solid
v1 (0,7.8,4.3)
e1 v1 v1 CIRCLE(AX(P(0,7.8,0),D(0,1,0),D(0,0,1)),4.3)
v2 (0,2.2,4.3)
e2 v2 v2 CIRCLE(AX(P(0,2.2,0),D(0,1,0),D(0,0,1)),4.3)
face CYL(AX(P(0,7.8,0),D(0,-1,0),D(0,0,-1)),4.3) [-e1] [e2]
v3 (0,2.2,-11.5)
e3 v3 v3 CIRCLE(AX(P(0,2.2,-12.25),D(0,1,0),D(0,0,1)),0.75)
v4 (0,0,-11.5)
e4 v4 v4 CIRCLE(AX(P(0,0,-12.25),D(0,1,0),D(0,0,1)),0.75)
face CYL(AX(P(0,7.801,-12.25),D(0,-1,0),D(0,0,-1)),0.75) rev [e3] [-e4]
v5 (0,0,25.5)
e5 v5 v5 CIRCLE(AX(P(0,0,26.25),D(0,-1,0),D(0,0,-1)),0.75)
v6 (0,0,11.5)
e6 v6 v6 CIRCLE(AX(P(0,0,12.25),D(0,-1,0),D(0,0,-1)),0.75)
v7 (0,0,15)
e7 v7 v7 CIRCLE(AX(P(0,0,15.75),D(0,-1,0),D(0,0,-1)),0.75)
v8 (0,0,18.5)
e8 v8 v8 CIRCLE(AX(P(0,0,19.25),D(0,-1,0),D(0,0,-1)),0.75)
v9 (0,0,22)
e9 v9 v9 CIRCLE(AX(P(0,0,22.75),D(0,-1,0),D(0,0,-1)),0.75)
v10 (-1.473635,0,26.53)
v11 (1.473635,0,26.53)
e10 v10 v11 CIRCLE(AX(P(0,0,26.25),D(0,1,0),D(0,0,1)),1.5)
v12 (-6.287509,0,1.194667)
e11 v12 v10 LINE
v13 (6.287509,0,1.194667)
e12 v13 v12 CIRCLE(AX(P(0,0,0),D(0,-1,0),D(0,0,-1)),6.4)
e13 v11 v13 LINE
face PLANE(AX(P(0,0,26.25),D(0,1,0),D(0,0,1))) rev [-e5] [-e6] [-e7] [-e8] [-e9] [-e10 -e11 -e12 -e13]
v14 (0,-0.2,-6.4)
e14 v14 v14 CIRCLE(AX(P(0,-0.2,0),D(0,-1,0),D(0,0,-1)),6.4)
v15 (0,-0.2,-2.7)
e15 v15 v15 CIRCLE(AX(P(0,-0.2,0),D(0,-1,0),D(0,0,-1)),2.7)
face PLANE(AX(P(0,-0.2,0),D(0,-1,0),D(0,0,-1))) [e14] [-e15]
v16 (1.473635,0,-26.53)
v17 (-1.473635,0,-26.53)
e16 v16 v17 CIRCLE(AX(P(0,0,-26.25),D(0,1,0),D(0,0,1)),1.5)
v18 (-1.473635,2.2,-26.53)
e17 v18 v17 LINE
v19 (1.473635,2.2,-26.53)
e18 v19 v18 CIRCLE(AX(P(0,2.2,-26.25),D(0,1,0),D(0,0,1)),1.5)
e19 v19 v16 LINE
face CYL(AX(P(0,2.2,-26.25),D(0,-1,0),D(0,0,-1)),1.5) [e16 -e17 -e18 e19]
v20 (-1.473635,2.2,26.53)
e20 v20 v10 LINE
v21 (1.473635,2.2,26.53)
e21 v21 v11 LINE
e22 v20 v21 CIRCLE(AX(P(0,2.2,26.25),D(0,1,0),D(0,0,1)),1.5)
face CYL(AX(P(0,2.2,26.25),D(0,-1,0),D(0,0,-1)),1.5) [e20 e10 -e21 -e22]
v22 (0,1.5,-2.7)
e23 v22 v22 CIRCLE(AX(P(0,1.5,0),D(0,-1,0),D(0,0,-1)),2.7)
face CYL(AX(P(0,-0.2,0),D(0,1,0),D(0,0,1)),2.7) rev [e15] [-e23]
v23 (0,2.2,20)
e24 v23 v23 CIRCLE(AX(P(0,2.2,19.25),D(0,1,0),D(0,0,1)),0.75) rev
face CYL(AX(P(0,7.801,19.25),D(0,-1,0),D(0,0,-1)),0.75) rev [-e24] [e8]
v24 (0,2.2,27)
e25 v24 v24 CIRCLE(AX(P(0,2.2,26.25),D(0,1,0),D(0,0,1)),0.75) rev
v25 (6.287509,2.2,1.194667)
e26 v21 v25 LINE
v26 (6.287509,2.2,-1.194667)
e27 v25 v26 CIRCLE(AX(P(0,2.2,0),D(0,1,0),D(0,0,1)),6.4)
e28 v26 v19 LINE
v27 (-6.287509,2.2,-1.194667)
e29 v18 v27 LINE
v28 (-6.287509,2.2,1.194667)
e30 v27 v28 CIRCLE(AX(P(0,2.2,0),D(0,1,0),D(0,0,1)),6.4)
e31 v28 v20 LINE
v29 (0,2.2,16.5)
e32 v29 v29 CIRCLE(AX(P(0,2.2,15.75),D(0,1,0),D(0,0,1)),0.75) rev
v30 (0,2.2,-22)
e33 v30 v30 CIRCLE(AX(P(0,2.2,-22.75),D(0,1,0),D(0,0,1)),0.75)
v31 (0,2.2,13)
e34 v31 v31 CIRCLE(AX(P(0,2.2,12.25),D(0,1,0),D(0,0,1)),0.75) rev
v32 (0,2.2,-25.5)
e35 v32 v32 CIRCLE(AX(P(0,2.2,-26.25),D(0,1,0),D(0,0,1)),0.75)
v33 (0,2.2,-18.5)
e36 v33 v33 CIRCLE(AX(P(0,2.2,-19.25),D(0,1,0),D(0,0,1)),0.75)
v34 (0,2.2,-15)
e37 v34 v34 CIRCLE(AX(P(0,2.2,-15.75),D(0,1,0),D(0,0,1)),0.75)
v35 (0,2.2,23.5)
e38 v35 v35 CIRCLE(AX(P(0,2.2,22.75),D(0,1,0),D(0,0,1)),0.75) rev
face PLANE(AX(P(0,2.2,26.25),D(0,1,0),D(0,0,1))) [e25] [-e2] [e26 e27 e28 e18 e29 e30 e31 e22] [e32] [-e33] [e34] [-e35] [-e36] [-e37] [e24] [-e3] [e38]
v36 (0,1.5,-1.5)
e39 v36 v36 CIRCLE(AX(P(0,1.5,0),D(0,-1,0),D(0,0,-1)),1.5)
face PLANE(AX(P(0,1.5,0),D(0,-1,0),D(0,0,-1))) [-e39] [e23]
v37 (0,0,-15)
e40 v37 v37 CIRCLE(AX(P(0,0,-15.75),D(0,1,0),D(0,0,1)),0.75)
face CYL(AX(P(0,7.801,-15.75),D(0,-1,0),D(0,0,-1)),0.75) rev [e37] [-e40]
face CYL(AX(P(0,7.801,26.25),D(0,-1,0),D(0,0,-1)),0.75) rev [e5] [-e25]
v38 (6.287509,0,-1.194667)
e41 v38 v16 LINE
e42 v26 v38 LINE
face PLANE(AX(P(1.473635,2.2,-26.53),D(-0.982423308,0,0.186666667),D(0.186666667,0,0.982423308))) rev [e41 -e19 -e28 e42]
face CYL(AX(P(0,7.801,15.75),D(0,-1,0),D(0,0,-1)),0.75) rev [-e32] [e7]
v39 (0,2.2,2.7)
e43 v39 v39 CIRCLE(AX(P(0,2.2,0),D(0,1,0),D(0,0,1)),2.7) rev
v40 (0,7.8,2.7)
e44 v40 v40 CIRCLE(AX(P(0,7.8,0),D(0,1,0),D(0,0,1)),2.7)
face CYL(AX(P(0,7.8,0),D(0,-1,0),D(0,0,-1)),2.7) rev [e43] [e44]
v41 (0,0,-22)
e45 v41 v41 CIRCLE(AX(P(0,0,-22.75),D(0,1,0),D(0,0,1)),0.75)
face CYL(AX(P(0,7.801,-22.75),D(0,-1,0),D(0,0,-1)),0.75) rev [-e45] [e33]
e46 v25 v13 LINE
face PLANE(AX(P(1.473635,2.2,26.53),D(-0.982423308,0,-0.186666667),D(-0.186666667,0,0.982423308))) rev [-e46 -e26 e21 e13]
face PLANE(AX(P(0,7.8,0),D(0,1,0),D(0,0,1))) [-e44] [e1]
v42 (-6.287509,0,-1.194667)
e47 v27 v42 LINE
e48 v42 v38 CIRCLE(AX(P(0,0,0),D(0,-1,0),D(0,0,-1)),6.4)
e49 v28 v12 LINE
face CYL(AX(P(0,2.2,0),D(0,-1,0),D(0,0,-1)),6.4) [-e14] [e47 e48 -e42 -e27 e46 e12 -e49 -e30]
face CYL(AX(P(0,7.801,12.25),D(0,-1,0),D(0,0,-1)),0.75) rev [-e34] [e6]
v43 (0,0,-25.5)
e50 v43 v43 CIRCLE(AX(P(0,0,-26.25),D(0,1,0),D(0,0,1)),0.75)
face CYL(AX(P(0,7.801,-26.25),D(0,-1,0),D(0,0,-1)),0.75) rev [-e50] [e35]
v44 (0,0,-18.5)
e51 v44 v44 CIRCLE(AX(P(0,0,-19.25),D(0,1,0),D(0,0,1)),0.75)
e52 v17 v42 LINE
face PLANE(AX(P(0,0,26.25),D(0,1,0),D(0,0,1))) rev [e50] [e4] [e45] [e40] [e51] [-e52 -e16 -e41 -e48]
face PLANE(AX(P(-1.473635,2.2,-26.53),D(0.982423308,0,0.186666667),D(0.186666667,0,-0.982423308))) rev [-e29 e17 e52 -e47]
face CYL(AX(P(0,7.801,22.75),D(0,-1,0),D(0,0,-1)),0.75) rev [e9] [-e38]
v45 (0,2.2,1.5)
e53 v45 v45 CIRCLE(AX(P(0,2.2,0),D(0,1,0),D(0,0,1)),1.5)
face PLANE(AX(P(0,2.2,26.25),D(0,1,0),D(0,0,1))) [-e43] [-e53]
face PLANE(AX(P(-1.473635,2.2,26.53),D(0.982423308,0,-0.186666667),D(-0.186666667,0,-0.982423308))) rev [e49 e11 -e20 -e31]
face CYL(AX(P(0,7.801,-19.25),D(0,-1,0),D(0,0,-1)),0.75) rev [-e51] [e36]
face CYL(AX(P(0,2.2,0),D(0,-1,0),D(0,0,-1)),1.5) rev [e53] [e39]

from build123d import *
from build123d.topology import SkipClean

# Parameters (mm, degrees)
SKETCH1_R               = 1.5
BOSS_EXTRUDE1_DEPTH     = 2.2
SKETCH3_R               = 4.3
SKETCH3_R_2             = 2.7
BOSS_EXTRUDE2_DEPTH     = 5.6
BOSS_EXTRUDE3_START     = 0.2
SKETCH4_R               = 6.4
SKETCH4_R_2             = 2.7
BOSS_EXTRUDE3_DEPTH     = 0.2
SKETCH7_R               = 2.7
CUT_EXTRUDE1_DEPTH      = 1.5
CUT_EXTRUDE2_REACH      = 31.527
SKETCH8_R               = 0.75
LPATTERN1_COUNT         = 5
LPATTERN1_PITCH         = 3.5
MIRROR1_COPY_1_REACH    = 31.527
MIRROR1_COPY_1_SKETCH_R = 0.75
MIRROR1_COPY_2_REACH    = 31.527
MIRROR1_COPY_2_SKETCH_R = 0.75
MIRROR1_COPY_3_REACH    = 31.527
MIRROR1_COPY_3_SKETCH_R = 0.75
MIRROR1_COPY_4_REACH    = 31.527
MIRROR1_COPY_4_SKETCH_R = 0.75


with BuildPart() as part:
    # Sketch1 → Boss-Extrude1 (new body)
    with BuildSketch(Plane(origin=(0, 0, 0), x_dir=(1, 0, 0), z_dir=(0, 1, 0))):
        with BuildLine():
            Line((-1.473634962, 26.53), (-6.287509169, 1.194666667))
            ThreePointArc((-6.287509169, 1.194666667), (-6.4, 0), (-6.287509169, -1.194666667))
            Line((-6.287509169, -1.194666667), (-1.473634962, -26.53))
            ThreePointArc((-1.473634962, -26.53), (0, -27.75), (1.473634962, -26.53))
            Line((1.473634962, -26.53), (6.287509169, -1.194666667))
            ThreePointArc((6.287509169, -1.194666667), (6.4, 0), (6.287509169, 1.194666667))
            Line((6.287509169, 1.194666667), (1.473634962, 26.53))
            ThreePointArc((1.473634962, 26.53), (0, 27.75), (-1.473634962, 26.53))
        make_face()
        with Locations(Location((0, 0, 0), (0, 0, 270))):
            Circle(SKETCH1_R, mode=Mode.SUBTRACT)
    extrude(amount=BOSS_EXTRUDE1_DEPTH)

    # Sketch3 → Boss-Extrude2 (add)
    with BuildSketch(Plane(origin=(0, 2.2, 0), x_dir=(1, 0, 0), z_dir=(0, 1, 0))):
        with Locations(Location((0, 0, 0), (0, 0, 270))):
            Circle(SKETCH3_R)
        with Locations(Location((0, 0, 0), (0, 0, 270))):
            Circle(SKETCH3_R_2, mode=Mode.SUBTRACT)
    extrude(amount=BOSS_EXTRUDE2_DEPTH)

    # Sketch4 → Boss-Extrude3 (add)
    with SkipClean():  # the faces are left unmerged after this step: merging them gives an invalid solid
        with BuildSketch(Plane.XZ.offset(BOSS_EXTRUDE3_START)):
            with Locations(Location((0, 0, 0), (0, 0, 270))):
                Circle(SKETCH4_R)
            with Locations(Location((0, 0, 0), (0, 0, 90))):
                Circle(SKETCH4_R_2, mode=Mode.SUBTRACT)
        extrude(amount=-BOSS_EXTRUDE3_DEPTH)

    # Sketch7 → Cut-Extrude1 (cut)
    with SkipClean():  # the faces are left unmerged after this step: merging them gives an invalid solid
        with BuildSketch(Plane.XZ):
            with Locations(Location((0, 0, 0), (0, 0, 90))):
                Circle(SKETCH7_R)
        extrude(amount=-CUT_EXTRUDE1_DEPTH, mode=Mode.SUBTRACT)

    # Sketch8 → Cut-Extrude2 (cut, up to next)
    with BuildSketch(Plane.XZ, mode=Mode.PRIVATE) as cut_extrude2_sk1:
        with Locations(Location((0, 12.25, 0), (0, 0, 270))):
            Circle(SKETCH8_R)
    cut_extrude2_tool1 = extrude(cut_extrude2_sk1.sketch, amount=-CUT_EXTRUDE2_REACH, mode=Mode.PRIVATE) & part.part
    cut_extrude2 = cut_extrude2_tool1.solids().sort_by_distance((0, 0, 12.25))[0]
    add(cut_extrude2, mode=Mode.SUBTRACT)

    # LPattern1: Cut-Extrude2 ×5
    with SkipClean():  # the faces are left unmerged after this step: merging them gives an invalid solid
        with Locations(*[(0, 0, i * LPATTERN1_PITCH) for i in range(1, LPATTERN1_COUNT)]):
            add(cut_extrude2, mode=Mode.SUBTRACT)

    # Mirror1: Cut-Extrude2 across plane
    with SkipClean():  # the faces are left unmerged after this step: merging them gives an invalid solid
        add(cut_extrude2.mirror(Plane.XY), mode=Mode.SUBTRACT)

    # Mirror1 copy 1 sketch → Mirror1 copy 1 (cut, up to next)
    with BuildSketch(Plane(origin=(0, 0, -3.5), x_dir=(1, 0, 0), z_dir=(0, -1, 0)), mode=Mode.PRIVATE) as mirror1_copy_1_sk1:
        with Locations((0, -12.25)):
            Circle(MIRROR1_COPY_1_SKETCH_R)
    mirror1_copy_1_tool1 = extrude(mirror1_copy_1_sk1.sketch, amount=-MIRROR1_COPY_1_REACH, mode=Mode.PRIVATE) & part.part
    add(mirror1_copy_1_tool1.solids().sort_by_distance((0, 0, -15.75))[0], mode=Mode.SUBTRACT)

    # Mirror1 copy 2 sketch → Mirror1 copy 2 (cut, up to next)
    with BuildSketch(Plane(origin=(0, 0, -7), x_dir=(1, 0, 0), z_dir=(0, -1, 0)), mode=Mode.PRIVATE) as mirror1_copy_2_sk1:
        with Locations((0, -12.25)):
            Circle(MIRROR1_COPY_2_SKETCH_R)
    mirror1_copy_2_tool1 = extrude(mirror1_copy_2_sk1.sketch, amount=-MIRROR1_COPY_2_REACH, mode=Mode.PRIVATE) & part.part
    add(mirror1_copy_2_tool1.solids().sort_by_distance((0, 0, -19.25))[0], mode=Mode.SUBTRACT)

    # Mirror1 copy 3 sketch → Mirror1 copy 3 (cut, up to next)
    with BuildSketch(Plane(origin=(0, 0, -10.5), x_dir=(1, 0, 0), z_dir=(0, -1, 0)), mode=Mode.PRIVATE) as mirror1_copy_3_sk1:
        with Locations((0, -12.25)):
            Circle(MIRROR1_COPY_3_SKETCH_R)
    mirror1_copy_3_tool1 = extrude(mirror1_copy_3_sk1.sketch, amount=-MIRROR1_COPY_3_REACH, mode=Mode.PRIVATE) & part.part
    add(mirror1_copy_3_tool1.solids().sort_by_distance((0, 0, -22.75))[0], mode=Mode.SUBTRACT)

    # Mirror1 copy 4 sketch → Mirror1 copy 4 (cut, up to next)
    with BuildSketch(Plane(origin=(0, 0, -14), x_dir=(1, 0, 0), z_dir=(0, -1, 0)), mode=Mode.PRIVATE) as mirror1_copy_4_sk1:
        with Locations((0, -12.25)):
            Circle(MIRROR1_COPY_4_SKETCH_R)
    mirror1_copy_4_tool1 = extrude(mirror1_copy_4_sk1.sketch, amount=-MIRROR1_COPY_4_REACH, mode=Mode.PRIVATE) & part.part
    add(mirror1_copy_4_tool1.solids().sort_by_distance((0, 0, -26.25))[0], mode=Mode.SUBTRACT)


solid = part.part
